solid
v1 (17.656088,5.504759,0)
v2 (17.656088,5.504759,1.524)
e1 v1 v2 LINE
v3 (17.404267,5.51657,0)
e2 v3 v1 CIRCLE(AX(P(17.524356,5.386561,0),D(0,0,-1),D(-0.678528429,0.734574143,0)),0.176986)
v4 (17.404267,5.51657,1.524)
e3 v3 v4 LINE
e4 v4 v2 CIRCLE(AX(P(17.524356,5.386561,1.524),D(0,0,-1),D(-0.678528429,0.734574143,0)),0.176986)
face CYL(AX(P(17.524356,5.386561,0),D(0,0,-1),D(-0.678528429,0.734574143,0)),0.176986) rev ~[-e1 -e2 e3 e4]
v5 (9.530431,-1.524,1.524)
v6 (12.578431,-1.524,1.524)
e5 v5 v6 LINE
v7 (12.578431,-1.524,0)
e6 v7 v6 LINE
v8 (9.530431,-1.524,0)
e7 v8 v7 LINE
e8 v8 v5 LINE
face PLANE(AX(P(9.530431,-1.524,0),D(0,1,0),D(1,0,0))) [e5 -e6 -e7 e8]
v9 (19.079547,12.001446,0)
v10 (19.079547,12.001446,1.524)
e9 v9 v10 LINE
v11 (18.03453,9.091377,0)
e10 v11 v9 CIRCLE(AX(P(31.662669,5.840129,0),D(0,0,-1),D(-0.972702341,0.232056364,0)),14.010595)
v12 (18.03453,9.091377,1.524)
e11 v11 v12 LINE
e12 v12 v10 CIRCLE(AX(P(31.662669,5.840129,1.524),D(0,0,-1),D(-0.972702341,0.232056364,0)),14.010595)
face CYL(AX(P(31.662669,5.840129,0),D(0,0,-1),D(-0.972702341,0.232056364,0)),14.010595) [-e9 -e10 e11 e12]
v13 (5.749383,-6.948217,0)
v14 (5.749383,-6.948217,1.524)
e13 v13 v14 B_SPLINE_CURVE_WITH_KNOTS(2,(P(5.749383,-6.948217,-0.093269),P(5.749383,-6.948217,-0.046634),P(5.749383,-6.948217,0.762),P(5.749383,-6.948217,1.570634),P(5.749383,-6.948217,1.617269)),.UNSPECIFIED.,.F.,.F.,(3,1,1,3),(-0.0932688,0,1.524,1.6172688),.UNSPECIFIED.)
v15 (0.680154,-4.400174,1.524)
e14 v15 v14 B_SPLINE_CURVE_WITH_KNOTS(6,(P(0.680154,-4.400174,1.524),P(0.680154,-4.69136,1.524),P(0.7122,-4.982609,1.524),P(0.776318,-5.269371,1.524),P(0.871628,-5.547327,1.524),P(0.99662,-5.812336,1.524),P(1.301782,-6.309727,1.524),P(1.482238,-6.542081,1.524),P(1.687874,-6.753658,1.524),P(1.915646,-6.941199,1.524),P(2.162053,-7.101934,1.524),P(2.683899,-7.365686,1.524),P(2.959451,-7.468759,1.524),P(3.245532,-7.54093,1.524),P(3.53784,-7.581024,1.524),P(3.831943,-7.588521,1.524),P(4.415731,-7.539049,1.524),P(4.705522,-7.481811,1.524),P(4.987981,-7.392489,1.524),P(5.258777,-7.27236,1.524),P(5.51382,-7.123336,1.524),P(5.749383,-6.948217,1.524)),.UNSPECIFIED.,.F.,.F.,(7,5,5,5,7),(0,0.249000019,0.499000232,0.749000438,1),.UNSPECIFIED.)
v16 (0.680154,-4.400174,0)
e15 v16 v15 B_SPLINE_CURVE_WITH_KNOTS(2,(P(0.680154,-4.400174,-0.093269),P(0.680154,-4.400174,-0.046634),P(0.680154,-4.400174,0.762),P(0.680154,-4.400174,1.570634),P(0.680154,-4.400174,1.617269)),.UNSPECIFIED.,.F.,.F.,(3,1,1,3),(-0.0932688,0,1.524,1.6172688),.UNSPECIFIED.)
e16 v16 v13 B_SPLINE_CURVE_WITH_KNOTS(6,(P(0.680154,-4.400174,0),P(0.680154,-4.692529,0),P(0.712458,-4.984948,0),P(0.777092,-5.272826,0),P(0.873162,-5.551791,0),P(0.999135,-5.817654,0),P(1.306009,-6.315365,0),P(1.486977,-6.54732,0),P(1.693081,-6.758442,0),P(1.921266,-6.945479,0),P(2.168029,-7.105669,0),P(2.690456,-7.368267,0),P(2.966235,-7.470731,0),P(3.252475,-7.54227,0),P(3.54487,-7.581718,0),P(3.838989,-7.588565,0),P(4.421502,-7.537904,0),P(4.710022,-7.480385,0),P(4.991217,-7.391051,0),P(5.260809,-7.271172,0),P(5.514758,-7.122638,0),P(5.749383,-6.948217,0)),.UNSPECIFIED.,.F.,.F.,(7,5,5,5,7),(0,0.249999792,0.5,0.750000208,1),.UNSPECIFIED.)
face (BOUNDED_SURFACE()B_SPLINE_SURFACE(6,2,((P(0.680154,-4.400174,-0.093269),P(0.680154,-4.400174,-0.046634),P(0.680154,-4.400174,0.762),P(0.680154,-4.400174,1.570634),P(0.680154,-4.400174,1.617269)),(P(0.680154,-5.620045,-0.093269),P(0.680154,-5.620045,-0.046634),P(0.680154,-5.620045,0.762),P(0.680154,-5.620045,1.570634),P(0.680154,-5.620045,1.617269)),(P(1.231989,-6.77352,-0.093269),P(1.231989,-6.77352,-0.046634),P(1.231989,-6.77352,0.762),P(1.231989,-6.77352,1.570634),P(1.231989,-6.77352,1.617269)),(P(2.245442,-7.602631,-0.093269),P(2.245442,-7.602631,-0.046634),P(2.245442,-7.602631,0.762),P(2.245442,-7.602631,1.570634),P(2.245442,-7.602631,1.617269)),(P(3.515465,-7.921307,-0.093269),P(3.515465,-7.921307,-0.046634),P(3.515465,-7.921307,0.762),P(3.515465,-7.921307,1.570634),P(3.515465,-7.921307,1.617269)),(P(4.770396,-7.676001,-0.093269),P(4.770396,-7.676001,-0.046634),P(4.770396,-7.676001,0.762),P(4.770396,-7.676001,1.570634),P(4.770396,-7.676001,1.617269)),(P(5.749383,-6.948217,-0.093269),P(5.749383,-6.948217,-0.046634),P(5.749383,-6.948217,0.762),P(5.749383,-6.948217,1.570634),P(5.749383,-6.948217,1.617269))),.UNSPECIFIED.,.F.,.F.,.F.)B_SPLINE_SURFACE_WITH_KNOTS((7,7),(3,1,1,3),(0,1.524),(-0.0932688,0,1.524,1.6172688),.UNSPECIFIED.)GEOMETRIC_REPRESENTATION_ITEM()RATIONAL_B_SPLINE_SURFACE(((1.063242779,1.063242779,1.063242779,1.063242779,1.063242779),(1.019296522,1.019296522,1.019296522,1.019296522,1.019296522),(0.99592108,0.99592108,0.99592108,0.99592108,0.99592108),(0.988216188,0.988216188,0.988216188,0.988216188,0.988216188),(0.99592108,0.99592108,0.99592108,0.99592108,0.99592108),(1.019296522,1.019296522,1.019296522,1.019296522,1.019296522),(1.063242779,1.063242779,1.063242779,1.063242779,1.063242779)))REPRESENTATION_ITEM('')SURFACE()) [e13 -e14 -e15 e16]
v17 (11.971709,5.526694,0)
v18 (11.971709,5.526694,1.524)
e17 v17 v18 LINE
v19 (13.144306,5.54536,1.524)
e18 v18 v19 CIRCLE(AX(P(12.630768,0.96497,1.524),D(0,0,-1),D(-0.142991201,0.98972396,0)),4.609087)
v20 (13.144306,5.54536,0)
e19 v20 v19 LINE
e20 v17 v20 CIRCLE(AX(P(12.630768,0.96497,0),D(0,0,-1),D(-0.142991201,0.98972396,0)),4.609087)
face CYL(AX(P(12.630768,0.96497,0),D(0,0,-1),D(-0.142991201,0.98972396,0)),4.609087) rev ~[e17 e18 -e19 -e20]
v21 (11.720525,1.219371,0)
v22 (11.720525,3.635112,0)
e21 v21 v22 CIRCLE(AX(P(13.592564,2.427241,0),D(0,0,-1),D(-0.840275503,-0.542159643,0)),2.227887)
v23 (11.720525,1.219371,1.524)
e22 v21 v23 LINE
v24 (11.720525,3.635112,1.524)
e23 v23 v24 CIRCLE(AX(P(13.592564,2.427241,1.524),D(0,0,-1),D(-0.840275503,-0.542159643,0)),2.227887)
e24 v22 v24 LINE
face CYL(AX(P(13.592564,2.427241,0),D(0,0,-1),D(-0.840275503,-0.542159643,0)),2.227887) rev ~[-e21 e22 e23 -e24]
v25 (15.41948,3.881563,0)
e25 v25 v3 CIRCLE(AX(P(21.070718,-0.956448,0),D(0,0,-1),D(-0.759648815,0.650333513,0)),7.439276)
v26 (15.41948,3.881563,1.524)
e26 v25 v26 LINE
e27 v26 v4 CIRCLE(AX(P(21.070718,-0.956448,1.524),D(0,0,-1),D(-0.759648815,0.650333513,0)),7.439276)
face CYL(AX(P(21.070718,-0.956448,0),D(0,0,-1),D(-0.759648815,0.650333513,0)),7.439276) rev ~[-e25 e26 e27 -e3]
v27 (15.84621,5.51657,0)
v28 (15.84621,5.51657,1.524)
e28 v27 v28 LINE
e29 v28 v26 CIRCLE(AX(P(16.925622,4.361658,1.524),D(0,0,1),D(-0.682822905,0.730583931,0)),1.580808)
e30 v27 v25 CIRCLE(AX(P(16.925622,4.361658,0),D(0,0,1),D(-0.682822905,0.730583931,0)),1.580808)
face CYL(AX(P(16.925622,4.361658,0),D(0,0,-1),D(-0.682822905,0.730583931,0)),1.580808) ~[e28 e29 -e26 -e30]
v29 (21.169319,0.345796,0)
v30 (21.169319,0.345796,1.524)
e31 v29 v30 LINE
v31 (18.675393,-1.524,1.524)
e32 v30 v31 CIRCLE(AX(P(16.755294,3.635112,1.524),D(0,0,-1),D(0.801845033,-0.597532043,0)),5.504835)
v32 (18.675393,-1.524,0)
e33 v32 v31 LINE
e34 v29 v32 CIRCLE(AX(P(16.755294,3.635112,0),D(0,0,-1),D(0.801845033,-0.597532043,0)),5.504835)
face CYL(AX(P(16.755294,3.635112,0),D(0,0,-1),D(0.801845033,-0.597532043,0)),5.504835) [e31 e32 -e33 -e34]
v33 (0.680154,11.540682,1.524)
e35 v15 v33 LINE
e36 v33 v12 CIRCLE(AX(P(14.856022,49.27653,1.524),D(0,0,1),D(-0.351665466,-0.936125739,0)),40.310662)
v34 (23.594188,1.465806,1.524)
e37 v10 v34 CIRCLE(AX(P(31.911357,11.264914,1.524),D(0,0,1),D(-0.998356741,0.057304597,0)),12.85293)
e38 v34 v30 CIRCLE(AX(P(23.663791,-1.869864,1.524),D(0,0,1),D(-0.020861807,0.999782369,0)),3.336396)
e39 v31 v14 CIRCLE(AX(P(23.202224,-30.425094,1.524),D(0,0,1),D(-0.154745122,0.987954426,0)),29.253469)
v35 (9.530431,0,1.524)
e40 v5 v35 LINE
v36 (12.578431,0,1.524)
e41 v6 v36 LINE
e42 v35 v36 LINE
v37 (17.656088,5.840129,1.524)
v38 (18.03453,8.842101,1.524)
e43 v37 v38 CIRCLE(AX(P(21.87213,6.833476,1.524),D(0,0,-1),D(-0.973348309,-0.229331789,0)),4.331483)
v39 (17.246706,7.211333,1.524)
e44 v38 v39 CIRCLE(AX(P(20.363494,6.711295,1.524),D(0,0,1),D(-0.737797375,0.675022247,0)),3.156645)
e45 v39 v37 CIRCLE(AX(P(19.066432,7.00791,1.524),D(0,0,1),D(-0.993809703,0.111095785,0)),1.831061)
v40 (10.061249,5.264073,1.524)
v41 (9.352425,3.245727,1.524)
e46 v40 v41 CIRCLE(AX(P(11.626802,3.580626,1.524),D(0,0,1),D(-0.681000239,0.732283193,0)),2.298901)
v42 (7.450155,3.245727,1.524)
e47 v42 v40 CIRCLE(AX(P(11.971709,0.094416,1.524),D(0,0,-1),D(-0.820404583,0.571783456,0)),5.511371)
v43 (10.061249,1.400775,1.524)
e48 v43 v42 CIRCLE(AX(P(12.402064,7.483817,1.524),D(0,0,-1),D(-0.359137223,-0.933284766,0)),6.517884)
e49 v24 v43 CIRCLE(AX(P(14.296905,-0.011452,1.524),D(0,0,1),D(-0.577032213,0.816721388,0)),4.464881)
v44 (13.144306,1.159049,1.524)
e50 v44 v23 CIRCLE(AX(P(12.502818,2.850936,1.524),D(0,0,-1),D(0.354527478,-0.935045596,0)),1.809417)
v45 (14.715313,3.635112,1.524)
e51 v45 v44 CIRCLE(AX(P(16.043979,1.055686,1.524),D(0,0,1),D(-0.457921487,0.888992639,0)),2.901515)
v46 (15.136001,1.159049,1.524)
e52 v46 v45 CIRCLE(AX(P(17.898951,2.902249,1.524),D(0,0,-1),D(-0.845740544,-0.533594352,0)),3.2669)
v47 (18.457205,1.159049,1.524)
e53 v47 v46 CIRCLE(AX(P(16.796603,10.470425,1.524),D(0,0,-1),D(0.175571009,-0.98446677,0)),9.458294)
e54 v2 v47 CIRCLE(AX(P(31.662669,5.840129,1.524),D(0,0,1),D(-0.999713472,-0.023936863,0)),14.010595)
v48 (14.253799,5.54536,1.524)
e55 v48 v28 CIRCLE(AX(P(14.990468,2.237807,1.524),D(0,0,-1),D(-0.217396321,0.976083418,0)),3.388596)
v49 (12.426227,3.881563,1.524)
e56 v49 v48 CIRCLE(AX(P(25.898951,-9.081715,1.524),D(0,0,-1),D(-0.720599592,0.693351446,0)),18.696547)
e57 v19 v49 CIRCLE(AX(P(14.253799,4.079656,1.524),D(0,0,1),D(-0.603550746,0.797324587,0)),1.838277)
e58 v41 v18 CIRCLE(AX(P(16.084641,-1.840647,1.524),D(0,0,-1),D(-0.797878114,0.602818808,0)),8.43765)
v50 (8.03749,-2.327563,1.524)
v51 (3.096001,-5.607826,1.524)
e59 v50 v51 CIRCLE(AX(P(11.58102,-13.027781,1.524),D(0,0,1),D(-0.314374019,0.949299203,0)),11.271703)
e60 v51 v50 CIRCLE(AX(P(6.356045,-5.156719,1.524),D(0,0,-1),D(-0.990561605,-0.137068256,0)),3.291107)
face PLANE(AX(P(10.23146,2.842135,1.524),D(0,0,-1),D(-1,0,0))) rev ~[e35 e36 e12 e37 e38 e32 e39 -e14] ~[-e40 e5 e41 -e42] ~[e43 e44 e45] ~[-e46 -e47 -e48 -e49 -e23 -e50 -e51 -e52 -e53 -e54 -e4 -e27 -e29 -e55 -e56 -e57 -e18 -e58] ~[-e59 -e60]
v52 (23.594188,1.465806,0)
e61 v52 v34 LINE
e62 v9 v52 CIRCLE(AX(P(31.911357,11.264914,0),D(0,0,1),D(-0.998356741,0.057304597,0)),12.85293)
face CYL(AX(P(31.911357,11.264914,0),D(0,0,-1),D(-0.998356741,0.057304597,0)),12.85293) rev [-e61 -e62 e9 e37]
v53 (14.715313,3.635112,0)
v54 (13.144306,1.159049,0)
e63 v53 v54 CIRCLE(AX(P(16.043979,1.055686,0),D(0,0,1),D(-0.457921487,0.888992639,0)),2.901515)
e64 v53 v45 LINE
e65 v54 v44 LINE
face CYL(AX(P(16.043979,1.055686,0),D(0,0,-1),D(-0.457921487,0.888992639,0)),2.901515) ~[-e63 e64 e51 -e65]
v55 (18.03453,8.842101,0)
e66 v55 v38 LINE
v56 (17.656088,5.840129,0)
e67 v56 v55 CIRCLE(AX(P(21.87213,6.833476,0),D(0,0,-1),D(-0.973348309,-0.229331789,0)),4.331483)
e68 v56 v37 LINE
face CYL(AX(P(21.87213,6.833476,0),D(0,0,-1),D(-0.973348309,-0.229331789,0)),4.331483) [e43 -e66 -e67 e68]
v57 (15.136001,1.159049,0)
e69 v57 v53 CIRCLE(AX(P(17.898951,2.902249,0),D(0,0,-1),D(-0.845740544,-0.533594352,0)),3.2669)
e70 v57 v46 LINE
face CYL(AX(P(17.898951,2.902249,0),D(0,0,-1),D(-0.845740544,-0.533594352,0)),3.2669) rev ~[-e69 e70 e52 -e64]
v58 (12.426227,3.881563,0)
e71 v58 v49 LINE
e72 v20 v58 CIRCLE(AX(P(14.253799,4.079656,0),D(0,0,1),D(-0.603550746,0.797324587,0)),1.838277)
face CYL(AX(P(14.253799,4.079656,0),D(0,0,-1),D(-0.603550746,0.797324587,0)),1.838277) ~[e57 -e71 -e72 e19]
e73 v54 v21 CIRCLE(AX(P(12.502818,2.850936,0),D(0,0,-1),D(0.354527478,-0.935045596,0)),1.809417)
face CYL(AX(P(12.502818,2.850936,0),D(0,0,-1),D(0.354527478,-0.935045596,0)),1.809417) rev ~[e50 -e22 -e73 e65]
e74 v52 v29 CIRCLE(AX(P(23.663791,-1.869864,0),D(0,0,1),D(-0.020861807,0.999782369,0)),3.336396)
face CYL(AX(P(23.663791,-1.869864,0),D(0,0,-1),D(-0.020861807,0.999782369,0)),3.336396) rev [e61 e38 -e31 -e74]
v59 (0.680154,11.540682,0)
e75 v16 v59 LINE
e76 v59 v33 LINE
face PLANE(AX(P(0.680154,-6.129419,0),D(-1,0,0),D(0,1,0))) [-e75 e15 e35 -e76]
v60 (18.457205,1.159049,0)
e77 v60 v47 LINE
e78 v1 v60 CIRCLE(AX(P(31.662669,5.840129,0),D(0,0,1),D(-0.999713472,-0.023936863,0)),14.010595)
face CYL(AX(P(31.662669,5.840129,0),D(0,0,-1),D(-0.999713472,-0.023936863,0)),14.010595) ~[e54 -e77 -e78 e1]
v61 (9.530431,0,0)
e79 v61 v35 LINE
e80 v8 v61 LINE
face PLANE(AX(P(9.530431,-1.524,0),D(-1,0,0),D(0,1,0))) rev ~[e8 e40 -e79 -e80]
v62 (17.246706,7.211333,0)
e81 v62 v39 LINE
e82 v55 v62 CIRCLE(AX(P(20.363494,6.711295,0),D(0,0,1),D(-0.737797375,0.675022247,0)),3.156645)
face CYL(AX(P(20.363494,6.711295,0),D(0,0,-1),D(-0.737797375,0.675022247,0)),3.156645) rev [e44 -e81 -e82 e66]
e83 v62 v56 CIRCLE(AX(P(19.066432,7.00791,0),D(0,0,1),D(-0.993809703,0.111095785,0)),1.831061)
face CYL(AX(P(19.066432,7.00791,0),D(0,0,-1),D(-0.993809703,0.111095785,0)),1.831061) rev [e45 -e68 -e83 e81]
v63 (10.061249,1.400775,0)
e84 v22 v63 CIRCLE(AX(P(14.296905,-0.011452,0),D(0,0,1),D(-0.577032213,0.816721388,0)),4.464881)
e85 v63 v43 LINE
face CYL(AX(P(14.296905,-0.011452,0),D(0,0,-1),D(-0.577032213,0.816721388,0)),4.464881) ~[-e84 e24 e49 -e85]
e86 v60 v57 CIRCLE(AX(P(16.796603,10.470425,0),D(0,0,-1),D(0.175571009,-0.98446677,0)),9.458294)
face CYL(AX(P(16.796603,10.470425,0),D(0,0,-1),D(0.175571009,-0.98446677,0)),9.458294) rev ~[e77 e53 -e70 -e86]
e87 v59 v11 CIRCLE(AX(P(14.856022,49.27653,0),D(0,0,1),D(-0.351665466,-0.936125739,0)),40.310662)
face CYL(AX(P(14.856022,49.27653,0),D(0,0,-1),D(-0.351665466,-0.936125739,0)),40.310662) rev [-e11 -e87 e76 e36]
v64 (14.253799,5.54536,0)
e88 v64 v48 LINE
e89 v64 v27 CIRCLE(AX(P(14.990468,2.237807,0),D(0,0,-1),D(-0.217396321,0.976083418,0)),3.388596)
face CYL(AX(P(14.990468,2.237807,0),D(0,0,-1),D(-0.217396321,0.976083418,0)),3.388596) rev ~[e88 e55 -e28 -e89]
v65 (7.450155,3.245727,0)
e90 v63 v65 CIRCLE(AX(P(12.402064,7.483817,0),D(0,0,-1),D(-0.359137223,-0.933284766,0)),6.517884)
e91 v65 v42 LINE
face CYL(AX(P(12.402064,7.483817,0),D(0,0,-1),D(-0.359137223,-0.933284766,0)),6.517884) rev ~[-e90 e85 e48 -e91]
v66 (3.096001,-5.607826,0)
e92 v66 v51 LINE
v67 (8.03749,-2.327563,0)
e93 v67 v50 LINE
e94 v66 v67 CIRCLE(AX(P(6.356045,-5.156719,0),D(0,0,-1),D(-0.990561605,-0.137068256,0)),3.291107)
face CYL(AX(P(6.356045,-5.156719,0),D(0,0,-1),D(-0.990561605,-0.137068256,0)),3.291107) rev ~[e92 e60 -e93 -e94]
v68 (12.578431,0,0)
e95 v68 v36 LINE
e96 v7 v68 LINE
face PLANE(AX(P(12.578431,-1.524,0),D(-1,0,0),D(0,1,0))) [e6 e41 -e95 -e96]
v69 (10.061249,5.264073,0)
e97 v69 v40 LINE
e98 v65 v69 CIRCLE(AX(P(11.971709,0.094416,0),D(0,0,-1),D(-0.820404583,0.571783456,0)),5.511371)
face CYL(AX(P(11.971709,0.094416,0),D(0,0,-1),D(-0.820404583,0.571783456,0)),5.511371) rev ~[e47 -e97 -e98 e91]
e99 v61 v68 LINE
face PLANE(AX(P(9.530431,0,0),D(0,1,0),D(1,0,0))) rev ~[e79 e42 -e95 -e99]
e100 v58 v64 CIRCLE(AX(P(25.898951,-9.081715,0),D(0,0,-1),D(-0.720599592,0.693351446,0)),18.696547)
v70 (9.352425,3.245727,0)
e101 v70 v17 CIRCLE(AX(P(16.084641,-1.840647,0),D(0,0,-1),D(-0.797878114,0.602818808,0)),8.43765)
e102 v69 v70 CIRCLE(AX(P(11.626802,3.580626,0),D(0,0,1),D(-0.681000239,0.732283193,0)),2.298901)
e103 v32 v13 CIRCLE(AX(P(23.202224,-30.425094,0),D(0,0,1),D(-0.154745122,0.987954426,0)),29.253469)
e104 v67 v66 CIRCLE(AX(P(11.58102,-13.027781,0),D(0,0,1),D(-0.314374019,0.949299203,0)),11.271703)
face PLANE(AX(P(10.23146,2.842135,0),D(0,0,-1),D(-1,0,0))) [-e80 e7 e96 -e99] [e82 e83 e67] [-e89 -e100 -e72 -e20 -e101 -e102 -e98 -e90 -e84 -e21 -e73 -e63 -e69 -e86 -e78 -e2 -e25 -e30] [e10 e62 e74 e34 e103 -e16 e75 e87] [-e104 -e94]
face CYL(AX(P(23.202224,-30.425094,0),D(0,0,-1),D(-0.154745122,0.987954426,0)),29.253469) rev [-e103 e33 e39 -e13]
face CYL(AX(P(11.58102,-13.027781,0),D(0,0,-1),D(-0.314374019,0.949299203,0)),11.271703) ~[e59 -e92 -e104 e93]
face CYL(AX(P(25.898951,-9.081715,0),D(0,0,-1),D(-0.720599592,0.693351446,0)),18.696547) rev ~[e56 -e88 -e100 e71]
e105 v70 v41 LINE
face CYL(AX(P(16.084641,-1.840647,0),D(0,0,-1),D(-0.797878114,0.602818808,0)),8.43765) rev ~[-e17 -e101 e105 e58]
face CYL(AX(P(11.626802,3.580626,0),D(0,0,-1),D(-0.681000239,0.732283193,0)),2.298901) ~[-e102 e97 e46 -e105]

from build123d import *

# Parameters (mm, degrees)
SKETCH1_W           = 3.048
SKETCH1_H           = 1.524
BOSS_EXTRUDE1_DEPTH = 1.524
FILLET4_R           = 3.175


with BuildPart() as part:
    # Sketch1 → Boss-Extrude1 (new body)
    with BuildSketch(Plane.XY):
        with BuildLine():
            Line((0.680153889, -6.129418594), (0.680153889, 11.540681963))
            ThreePointArc((0.680153889, 11.540681963), (9.222616512, 9.36144264), (18.034529819, 9.091376803))
            ThreePointArc((18.034529819, 9.091376803), (18.476514137, 10.575327988), (19.079546917, 12.001446047))
            ThreePointArc((19.079546917, 12.001446047), (20.097392283, 6.202497031), (23.594187572, 1.465806036))
            ThreePointArc((23.594187572, 1.465806036), (22.264781917, 1.159048918), (21.169318906, 0.345796118))
            ThreePointArc((21.169318906, 0.345796118), (20.057462236, -0.769306292), (18.675392755, -1.524))
            ThreePointArc((18.675392755, -1.524), (10.681603645, -3.986495409), (3.71145902, -8.610523078))
            ThreePointArc((3.71145902, -8.610523078), (1.563251963, -8.142798296), (0.680153889, -6.129418594))
        make_face()
        with Locations((11.054430571, -0.762)):
            Rectangle(SKETCH1_W, SKETCH1_H, mode=Mode.SUBTRACT)
        with BuildLine():
            ThreePointArc((18.457205049, 1.159048918), (16.796602855, 1.012131062), (15.13600066, 1.159048918))
            ThreePointArc((15.13600066, 1.159048918), (14.678205729, 2.355037825), (14.715312916, 3.635111542))
            ThreePointArc((14.715312916, 3.635111542), (13.593992305, 2.610148755), (13.144305869, 1.159048918))
            ThreePointArc((13.144305869, 1.159048918), (12.426226698, 1.043141082), (11.720524566, 1.219370545))
            ThreePointArc((11.720524566, 1.219370545), (11.364676413, 2.427241044), (11.720524566, 3.635111542))
            ThreePointArc((11.720524566, 3.635111542), (10.712351561, 2.650528395), (10.061249405, 1.400775314))
            ThreePointArc((10.061249405, 1.400775314), (8.64082558, 2.160669947), (7.450155331, 3.245726654))
            ThreePointArc((7.450155331, 3.245726654), (8.601081625, 4.454929507), (10.061249405, 5.264072837))
            ThreePointArc((10.061249405, 5.264072837), (9.457771061, 4.34236946), (9.352425063, 3.245726654))
            ThreePointArc((9.352425063, 3.245726654), (10.543430802, 4.522443251), (11.971709271, 5.526694491))
            ThreePointArc((11.971709271, 5.526694491), (12.557411502, 5.573473862), (13.144305869, 5.545359518))
            ThreePointArc((13.144305869, 5.545359518), (12.566006589, 4.808091463), (12.426226698, 3.881562551))
            ThreePointArc((12.426226698, 3.881562551), (13.312490945, 4.743692313), (14.253799466, 5.545359518))
            ThreePointArc((14.253799466, 5.545359518), (15.051720121, 5.625849498), (15.84620994, 5.516570329))
            ThreePointArc((15.84620994, 5.516570329), (15.396051863, 4.760868409), (15.419480332, 3.881562551))
            ThreePointArc((15.419480332, 3.881562551), (16.340692115, 4.785475695), (17.404266633, 5.516570329))
            ThreePointArc((17.404266633, 5.516570329), (17.532648387, 5.563352566), (17.656087794, 5.504759346))
            ThreePointArc((17.656087794, 5.504759346), (17.884238381, 3.300121283), (18.457205049, 1.159048918))
        make_face(mode=Mode.SUBTRACT)
        with BuildLine():
            ThreePointArc((17.656087794, 5.840129035), (17.574660077, 7.375234106), (18.034529819, 8.84210079))
            ThreePointArc((18.034529819, 8.84210079), (17.521152532, 8.084430816), (17.246705878, 7.211333419))
            ThreePointArc((17.246705878, 7.211333419), (17.311898149, 6.484082994), (17.656087794, 5.840129035))
        make_face(mode=Mode.SUBTRACT)
        with BuildLine():
            ThreePointArc((8.037489597, -2.327562697), (5.34711842, -3.636841183), (3.096001374, -5.607825523))
            ThreePointArc((3.096001374, -5.607825523), (4.535873462, -2.414756972), (8.037489597, -2.327562697))
        make_face(mode=Mode.SUBTRACT)
    extrude(amount=BOSS_EXTRUDE1_DEPTH)

    # Fillet4
    fillet4_edges = [part.edges().sort_by_distance(p)[0] for p in [
        (3.71145902, -8.610523078, 0.762),
    ]]
    fillet(fillet4_edges, radius=FILLET4_R)


solid = part.part
